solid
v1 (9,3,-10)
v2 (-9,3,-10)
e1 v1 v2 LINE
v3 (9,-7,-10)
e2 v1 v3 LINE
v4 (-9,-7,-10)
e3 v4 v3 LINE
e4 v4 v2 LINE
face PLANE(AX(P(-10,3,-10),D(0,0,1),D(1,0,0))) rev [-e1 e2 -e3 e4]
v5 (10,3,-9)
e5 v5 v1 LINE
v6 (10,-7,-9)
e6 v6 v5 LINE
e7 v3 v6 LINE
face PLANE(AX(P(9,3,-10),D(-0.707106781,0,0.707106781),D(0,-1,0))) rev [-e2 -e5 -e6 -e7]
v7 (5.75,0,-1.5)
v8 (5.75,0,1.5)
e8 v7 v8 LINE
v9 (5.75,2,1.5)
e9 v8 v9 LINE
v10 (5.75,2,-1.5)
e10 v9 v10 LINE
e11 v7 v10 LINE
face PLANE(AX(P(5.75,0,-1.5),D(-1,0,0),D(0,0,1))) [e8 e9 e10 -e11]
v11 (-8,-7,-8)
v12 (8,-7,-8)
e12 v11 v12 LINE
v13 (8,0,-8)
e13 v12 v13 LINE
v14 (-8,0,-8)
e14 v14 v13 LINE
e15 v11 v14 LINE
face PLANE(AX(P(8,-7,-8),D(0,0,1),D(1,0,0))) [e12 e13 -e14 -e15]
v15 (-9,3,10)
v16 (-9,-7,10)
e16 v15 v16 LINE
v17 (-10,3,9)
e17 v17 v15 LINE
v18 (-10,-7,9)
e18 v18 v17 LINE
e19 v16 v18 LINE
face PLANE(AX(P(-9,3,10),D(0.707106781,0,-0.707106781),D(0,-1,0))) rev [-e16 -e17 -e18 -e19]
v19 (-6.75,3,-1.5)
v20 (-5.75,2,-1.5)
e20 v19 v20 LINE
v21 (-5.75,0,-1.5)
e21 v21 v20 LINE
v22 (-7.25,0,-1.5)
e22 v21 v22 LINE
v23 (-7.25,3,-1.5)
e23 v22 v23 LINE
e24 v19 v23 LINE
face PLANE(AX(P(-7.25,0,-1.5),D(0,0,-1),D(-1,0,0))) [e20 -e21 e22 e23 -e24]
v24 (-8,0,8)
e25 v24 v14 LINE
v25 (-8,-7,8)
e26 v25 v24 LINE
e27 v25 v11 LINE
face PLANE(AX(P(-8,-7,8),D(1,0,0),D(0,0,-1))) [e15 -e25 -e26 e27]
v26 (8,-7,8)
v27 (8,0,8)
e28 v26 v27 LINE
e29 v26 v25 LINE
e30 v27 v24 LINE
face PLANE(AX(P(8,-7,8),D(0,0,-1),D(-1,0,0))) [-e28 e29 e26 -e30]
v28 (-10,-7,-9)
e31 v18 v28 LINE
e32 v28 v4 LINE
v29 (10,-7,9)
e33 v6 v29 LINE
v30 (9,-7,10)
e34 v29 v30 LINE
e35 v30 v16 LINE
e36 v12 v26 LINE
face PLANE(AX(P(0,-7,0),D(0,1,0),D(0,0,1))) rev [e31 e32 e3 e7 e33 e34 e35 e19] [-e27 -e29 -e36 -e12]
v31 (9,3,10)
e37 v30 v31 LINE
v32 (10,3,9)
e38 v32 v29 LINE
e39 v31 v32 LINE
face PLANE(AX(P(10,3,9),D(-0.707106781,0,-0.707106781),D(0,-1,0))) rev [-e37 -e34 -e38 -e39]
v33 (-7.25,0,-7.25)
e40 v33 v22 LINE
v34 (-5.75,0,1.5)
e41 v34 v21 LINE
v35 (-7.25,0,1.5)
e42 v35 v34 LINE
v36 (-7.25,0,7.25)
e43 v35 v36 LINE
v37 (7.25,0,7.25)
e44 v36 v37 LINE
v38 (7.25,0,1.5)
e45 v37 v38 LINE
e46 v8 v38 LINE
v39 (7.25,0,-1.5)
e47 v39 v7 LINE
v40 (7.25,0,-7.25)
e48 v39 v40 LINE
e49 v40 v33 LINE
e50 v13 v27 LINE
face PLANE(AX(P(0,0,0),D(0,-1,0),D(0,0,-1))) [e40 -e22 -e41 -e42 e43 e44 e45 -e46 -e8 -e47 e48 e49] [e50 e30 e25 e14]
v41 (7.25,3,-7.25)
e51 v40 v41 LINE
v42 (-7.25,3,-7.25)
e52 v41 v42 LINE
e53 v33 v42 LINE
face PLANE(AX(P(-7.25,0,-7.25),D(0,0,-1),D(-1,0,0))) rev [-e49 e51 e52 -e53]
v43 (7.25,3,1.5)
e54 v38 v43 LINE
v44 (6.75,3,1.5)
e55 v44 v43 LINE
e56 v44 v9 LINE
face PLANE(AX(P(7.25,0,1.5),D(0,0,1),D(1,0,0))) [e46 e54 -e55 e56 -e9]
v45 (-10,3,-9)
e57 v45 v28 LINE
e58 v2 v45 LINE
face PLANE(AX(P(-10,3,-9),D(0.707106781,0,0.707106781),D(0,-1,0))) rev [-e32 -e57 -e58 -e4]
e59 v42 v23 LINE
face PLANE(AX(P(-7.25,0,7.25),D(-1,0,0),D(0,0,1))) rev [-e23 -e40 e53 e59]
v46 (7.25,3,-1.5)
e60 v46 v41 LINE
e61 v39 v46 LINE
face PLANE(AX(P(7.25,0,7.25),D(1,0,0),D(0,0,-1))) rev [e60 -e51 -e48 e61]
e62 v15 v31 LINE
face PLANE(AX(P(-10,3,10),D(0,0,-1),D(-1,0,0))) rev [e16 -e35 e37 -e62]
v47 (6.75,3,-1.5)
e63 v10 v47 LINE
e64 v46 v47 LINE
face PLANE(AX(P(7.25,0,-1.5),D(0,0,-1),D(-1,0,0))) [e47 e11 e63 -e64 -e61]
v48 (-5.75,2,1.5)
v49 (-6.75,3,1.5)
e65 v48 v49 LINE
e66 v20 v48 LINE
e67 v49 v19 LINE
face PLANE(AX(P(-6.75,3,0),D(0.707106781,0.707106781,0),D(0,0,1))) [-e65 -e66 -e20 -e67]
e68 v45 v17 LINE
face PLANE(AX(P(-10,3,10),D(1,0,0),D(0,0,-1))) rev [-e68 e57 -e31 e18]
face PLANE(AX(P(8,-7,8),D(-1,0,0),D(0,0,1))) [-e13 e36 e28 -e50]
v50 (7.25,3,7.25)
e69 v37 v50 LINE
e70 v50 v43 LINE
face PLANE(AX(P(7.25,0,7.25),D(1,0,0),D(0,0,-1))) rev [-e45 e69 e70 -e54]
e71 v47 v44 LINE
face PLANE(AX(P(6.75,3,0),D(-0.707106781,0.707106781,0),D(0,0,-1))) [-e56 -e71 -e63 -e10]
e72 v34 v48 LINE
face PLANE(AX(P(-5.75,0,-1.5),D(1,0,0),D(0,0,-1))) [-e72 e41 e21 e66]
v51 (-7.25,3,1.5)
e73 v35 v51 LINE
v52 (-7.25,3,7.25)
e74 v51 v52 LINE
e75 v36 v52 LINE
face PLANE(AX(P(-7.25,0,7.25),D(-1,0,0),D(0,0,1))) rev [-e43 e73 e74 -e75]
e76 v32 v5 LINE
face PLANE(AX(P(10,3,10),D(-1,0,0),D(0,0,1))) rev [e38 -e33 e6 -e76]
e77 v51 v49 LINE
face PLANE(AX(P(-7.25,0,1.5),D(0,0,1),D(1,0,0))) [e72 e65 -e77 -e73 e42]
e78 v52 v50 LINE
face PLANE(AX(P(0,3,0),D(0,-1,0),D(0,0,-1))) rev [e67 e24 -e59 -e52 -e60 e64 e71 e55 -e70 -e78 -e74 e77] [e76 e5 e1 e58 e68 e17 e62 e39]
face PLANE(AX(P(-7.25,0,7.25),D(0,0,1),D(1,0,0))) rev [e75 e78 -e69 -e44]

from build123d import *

# Parameters (mm, degrees)
SKETCH1_W           = 20
SKETCH1_H           = 20
BOSS_EXTRUDE1_DEPTH = 3
SKETCH2_W           = 14.5
SKETCH2_H           = 14.5
CUT_EXTRUDE1_DEPTH  = 3
SKETCH3_W           = 1.5
SKETCH3_H           = 3
BOSS_EXTRUDE2_DEPTH = 3
CHAMFER1_SIZE       = 1
SKETCH4_W           = 20
SKETCH4_H           = 20
SKETCH4_W_2         = 16
SKETCH4_H_2         = 16
BOSS_EXTRUDE3_DEPTH = 7
CHAMFER2_SIZE       = 1


with BuildPart() as part:
    # Sketch1 → Boss-Extrude1 (new body)
    with BuildSketch(Plane(origin=(0, 0, 0), x_dir=(1, 0, 0), z_dir=(0, 1, 0))):
        Rectangle(SKETCH1_W, SKETCH1_H)
    extrude(amount=BOSS_EXTRUDE1_DEPTH)

    # Sketch2 → Cut-Extrude1 (cut)
    with BuildSketch(Plane(origin=(0, 3, 0), x_dir=(1, 0, 0), z_dir=(0, 1, 0))):
        Rectangle(SKETCH2_W, SKETCH2_H)
    extrude(amount=-CUT_EXTRUDE1_DEPTH, mode=Mode.SUBTRACT)

    # Sketch3 → Boss-Extrude2 (add)
    with BuildSketch(Plane(origin=(0, 3, 0), x_dir=(1, 0, 0), z_dir=(0, 1, 0))):
        with Locations((6.5, 0)):
            Rectangle(SKETCH3_W, SKETCH3_H)
        with Locations((-6.5, 0)):
            Rectangle(SKETCH3_W, SKETCH3_H)
    extrude(amount=-BOSS_EXTRUDE2_DEPTH)

    # Chamfer1
    chamfer1_edges = [part.edges().sort_by_distance(p)[0] for p in [
        (5.75, 3, 0),
        (-5.75, 3, 0),
    ]]
    chamfer(chamfer1_edges, length=CHAMFER1_SIZE)

    # Sketch4 → Boss-Extrude3 (add)
    with BuildSketch(Plane.XZ):
        Rectangle(SKETCH4_W, SKETCH4_H)
        Rectangle(SKETCH4_W_2, SKETCH4_H_2, mode=Mode.SUBTRACT)
    extrude(amount=BOSS_EXTRUDE3_DEPTH)

    # Chamfer2
    chamfer2_edges = [part.edges().sort_by_distance(p)[0] for p in [
        (10, -2, 10),
        (-10, -2, 10),
        (-10, -2, -10),
        (10, -2, -10),
    ]]
    chamfer(chamfer2_edges, length=CHAMFER2_SIZE)


solid = part.part
